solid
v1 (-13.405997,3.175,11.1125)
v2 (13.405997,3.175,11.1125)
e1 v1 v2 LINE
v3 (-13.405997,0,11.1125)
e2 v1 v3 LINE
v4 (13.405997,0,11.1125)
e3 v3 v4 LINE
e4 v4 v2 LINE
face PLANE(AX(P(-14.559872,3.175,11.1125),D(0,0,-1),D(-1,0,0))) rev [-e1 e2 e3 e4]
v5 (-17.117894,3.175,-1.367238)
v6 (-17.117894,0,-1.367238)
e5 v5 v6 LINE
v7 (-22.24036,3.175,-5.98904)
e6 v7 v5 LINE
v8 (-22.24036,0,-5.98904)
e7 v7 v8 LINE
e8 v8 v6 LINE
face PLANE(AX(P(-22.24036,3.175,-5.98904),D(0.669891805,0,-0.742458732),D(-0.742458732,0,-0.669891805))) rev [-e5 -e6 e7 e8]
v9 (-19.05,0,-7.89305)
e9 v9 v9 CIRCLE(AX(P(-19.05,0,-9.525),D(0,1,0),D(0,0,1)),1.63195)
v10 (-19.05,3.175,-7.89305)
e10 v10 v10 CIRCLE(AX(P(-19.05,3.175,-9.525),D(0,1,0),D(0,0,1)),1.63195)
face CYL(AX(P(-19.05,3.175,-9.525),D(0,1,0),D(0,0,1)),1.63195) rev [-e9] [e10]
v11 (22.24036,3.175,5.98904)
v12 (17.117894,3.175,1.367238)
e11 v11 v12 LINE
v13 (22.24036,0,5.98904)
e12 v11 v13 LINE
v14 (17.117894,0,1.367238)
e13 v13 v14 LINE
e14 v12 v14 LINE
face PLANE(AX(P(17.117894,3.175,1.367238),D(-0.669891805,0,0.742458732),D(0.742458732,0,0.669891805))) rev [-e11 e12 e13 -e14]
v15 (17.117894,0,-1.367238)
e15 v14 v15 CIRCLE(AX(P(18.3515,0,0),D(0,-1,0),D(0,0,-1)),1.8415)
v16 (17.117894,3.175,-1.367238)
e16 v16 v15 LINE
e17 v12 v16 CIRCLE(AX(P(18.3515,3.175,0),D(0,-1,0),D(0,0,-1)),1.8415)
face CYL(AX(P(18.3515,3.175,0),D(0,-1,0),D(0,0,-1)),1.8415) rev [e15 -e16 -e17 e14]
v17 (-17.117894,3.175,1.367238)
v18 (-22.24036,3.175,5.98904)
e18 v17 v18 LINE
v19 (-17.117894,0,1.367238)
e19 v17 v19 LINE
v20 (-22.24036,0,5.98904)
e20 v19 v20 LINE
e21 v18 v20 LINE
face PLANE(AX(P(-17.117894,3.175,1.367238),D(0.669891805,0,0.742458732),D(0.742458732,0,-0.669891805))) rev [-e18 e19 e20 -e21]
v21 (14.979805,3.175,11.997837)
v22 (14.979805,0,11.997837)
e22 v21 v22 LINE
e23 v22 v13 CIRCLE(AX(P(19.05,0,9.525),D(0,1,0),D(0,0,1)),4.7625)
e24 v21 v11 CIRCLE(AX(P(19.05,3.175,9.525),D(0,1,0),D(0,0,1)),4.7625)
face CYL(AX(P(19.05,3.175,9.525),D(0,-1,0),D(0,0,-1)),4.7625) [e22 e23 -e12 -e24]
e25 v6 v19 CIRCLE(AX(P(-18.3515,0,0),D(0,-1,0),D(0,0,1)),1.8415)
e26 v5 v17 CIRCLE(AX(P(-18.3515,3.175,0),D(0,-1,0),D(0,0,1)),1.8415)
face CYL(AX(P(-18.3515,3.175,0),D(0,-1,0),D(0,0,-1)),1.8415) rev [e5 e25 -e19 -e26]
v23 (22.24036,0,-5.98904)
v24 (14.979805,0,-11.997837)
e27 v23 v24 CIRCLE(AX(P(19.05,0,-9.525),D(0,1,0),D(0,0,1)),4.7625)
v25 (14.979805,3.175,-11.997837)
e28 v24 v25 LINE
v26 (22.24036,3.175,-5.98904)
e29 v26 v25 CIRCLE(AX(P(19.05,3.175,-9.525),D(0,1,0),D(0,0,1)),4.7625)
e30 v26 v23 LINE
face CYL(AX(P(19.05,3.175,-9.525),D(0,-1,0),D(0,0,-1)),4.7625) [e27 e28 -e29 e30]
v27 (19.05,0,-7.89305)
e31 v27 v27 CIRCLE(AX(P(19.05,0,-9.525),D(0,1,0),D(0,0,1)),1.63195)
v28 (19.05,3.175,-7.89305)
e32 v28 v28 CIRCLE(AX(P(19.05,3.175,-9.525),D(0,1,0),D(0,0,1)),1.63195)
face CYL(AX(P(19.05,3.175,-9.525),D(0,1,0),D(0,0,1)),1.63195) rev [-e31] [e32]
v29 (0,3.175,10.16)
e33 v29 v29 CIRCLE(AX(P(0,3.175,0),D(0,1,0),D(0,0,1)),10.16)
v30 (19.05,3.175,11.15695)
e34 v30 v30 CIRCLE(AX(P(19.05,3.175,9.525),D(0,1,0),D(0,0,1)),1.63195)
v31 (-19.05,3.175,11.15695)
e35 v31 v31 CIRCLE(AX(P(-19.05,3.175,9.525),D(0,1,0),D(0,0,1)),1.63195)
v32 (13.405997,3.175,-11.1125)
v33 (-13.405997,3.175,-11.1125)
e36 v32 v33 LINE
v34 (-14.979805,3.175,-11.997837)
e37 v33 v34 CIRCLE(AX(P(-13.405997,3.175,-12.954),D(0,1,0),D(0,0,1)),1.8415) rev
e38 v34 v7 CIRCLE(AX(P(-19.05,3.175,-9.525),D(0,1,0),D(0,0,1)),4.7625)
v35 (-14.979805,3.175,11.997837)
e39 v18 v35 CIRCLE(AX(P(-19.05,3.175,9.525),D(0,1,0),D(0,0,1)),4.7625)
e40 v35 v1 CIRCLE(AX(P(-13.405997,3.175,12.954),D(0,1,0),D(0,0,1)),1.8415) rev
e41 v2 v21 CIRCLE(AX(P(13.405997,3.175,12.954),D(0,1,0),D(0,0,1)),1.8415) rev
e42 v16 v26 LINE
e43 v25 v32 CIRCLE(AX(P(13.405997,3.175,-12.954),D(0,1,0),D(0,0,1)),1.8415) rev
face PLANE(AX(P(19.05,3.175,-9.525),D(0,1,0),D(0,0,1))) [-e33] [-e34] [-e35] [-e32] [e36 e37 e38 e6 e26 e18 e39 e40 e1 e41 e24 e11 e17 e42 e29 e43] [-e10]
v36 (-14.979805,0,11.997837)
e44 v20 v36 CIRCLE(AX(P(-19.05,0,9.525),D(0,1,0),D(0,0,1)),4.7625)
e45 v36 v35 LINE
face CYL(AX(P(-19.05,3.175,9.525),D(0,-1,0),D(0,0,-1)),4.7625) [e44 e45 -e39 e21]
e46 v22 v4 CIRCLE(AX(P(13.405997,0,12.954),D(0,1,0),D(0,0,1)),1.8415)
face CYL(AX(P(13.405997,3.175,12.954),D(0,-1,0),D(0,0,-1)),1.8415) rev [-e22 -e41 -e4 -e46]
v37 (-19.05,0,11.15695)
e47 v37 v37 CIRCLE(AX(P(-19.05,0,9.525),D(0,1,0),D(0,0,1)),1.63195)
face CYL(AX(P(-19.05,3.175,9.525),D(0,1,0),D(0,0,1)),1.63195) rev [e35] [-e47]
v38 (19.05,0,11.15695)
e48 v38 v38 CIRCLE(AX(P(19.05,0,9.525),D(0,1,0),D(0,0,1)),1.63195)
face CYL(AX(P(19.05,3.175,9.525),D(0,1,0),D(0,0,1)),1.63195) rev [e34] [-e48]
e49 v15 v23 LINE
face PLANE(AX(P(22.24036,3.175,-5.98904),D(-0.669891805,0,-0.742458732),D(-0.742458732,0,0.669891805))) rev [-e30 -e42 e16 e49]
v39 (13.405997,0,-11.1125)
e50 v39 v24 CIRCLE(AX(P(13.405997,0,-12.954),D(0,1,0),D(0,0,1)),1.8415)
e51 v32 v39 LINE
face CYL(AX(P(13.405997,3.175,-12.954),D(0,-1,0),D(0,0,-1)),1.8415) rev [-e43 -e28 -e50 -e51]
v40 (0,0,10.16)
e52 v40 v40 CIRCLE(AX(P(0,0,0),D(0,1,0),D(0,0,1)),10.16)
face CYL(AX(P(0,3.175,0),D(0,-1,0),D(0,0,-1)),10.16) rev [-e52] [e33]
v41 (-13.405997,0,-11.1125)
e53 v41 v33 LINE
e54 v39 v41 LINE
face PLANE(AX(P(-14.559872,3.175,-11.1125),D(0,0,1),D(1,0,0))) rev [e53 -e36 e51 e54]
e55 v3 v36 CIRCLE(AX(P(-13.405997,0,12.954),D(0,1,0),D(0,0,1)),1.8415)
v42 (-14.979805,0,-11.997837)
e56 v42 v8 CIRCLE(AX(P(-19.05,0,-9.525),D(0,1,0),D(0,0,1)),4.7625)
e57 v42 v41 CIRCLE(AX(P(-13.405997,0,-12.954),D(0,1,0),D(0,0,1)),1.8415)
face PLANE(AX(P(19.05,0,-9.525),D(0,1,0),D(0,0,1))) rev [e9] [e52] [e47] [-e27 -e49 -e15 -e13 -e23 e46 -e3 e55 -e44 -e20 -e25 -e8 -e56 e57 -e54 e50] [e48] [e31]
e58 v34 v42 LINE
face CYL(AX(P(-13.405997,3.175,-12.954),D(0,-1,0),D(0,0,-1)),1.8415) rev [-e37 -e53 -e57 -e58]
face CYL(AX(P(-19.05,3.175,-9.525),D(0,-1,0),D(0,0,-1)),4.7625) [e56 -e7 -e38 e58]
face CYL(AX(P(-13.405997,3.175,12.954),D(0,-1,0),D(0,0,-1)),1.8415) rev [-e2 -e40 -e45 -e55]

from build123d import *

# Parameters (mm, degrees)
SKETCH1_R             = 10.16
BOSS_EXTRUDE1_DEPTH   = 3.175
F_4_CLEARANCE_HOLE1_D = 3.2639
FILLET1_R             = 1.8415


with BuildPart() as part:
    # Sketch1 → Boss-Extrude1 (new body)
    with BuildSketch(Plane(origin=(0, 0, 0), x_dir=(1, 0, 0), z_dir=(0, 1, 0))):
        with BuildLine():
            Line((-22.240359722, 5.989040287), (-17.117894241, 1.367237756))
            ThreePointArc((-17.117894241, 1.367237756), (-16.51, 0), (-17.117894241, -1.367237756))
            Line((-17.117894241, -1.367237756), (-22.240359722, -5.989040287))
            ThreePointArc((-22.240359722, -5.989040287), (-21.692878978, -13.486893103), (-14.559871939, -11.1125))
            Line((-14.559871939, -11.1125), (14.559871939, -11.1125))
            ThreePointArc((14.559871939, -11.1125), (21.692878978, -13.486893103), (22.240359722, -5.989040287))
            Line((22.240359722, -5.989040287), (17.117894241, -1.367237756))
            ThreePointArc((17.117894241, -1.367237756), (16.51, 0), (17.117894241, 1.367237756))
            Line((17.117894241, 1.367237756), (22.240359722, 5.989040287))
            ThreePointArc((22.240359722, 5.989040287), (21.692878978, 13.486893103), (14.559871939, 11.1125))
            Line((14.559871939, 11.1125), (-14.559871939, 11.1125))
            ThreePointArc((-14.559871939, 11.1125), (-21.692878978, 13.486893103), (-22.240359722, 5.989040287))
        make_face()
        with Locations(Location((0, 0, 0), (0, 0, 270))):  # turned: the seam where the file's is
            Circle(SKETCH1_R, mode=Mode.SUBTRACT)
    extrude(amount=BOSS_EXTRUDE1_DEPTH)

    # #4 Clearance Hole1 (through all)
    with Locations(Plane(origin=(0, 3.175, 0), x_dir=(1, 0, 0), z_dir=(0, 1, 0))):
        with Locations((-19.05, 9.525), (-19.05, -9.525), (19.05, -9.525), (19.05, 9.525)):
            Hole(F_4_CLEARANCE_HOLE1_D / 2)

    # Fillet1
    fillet1_edges = [part.edges().sort_by_distance(p)[0] for p in [
        (14.559871939, 1.5875, 11.1125),
        (-14.559871939, 1.5875, 11.1125),
        (-14.559871939, 1.5875, -11.1125),
        (14.559871939, 1.5875, -11.1125),
    ]]
    fillet(fillet1_edges, radius=FILLET1_R)


solid = part.part
